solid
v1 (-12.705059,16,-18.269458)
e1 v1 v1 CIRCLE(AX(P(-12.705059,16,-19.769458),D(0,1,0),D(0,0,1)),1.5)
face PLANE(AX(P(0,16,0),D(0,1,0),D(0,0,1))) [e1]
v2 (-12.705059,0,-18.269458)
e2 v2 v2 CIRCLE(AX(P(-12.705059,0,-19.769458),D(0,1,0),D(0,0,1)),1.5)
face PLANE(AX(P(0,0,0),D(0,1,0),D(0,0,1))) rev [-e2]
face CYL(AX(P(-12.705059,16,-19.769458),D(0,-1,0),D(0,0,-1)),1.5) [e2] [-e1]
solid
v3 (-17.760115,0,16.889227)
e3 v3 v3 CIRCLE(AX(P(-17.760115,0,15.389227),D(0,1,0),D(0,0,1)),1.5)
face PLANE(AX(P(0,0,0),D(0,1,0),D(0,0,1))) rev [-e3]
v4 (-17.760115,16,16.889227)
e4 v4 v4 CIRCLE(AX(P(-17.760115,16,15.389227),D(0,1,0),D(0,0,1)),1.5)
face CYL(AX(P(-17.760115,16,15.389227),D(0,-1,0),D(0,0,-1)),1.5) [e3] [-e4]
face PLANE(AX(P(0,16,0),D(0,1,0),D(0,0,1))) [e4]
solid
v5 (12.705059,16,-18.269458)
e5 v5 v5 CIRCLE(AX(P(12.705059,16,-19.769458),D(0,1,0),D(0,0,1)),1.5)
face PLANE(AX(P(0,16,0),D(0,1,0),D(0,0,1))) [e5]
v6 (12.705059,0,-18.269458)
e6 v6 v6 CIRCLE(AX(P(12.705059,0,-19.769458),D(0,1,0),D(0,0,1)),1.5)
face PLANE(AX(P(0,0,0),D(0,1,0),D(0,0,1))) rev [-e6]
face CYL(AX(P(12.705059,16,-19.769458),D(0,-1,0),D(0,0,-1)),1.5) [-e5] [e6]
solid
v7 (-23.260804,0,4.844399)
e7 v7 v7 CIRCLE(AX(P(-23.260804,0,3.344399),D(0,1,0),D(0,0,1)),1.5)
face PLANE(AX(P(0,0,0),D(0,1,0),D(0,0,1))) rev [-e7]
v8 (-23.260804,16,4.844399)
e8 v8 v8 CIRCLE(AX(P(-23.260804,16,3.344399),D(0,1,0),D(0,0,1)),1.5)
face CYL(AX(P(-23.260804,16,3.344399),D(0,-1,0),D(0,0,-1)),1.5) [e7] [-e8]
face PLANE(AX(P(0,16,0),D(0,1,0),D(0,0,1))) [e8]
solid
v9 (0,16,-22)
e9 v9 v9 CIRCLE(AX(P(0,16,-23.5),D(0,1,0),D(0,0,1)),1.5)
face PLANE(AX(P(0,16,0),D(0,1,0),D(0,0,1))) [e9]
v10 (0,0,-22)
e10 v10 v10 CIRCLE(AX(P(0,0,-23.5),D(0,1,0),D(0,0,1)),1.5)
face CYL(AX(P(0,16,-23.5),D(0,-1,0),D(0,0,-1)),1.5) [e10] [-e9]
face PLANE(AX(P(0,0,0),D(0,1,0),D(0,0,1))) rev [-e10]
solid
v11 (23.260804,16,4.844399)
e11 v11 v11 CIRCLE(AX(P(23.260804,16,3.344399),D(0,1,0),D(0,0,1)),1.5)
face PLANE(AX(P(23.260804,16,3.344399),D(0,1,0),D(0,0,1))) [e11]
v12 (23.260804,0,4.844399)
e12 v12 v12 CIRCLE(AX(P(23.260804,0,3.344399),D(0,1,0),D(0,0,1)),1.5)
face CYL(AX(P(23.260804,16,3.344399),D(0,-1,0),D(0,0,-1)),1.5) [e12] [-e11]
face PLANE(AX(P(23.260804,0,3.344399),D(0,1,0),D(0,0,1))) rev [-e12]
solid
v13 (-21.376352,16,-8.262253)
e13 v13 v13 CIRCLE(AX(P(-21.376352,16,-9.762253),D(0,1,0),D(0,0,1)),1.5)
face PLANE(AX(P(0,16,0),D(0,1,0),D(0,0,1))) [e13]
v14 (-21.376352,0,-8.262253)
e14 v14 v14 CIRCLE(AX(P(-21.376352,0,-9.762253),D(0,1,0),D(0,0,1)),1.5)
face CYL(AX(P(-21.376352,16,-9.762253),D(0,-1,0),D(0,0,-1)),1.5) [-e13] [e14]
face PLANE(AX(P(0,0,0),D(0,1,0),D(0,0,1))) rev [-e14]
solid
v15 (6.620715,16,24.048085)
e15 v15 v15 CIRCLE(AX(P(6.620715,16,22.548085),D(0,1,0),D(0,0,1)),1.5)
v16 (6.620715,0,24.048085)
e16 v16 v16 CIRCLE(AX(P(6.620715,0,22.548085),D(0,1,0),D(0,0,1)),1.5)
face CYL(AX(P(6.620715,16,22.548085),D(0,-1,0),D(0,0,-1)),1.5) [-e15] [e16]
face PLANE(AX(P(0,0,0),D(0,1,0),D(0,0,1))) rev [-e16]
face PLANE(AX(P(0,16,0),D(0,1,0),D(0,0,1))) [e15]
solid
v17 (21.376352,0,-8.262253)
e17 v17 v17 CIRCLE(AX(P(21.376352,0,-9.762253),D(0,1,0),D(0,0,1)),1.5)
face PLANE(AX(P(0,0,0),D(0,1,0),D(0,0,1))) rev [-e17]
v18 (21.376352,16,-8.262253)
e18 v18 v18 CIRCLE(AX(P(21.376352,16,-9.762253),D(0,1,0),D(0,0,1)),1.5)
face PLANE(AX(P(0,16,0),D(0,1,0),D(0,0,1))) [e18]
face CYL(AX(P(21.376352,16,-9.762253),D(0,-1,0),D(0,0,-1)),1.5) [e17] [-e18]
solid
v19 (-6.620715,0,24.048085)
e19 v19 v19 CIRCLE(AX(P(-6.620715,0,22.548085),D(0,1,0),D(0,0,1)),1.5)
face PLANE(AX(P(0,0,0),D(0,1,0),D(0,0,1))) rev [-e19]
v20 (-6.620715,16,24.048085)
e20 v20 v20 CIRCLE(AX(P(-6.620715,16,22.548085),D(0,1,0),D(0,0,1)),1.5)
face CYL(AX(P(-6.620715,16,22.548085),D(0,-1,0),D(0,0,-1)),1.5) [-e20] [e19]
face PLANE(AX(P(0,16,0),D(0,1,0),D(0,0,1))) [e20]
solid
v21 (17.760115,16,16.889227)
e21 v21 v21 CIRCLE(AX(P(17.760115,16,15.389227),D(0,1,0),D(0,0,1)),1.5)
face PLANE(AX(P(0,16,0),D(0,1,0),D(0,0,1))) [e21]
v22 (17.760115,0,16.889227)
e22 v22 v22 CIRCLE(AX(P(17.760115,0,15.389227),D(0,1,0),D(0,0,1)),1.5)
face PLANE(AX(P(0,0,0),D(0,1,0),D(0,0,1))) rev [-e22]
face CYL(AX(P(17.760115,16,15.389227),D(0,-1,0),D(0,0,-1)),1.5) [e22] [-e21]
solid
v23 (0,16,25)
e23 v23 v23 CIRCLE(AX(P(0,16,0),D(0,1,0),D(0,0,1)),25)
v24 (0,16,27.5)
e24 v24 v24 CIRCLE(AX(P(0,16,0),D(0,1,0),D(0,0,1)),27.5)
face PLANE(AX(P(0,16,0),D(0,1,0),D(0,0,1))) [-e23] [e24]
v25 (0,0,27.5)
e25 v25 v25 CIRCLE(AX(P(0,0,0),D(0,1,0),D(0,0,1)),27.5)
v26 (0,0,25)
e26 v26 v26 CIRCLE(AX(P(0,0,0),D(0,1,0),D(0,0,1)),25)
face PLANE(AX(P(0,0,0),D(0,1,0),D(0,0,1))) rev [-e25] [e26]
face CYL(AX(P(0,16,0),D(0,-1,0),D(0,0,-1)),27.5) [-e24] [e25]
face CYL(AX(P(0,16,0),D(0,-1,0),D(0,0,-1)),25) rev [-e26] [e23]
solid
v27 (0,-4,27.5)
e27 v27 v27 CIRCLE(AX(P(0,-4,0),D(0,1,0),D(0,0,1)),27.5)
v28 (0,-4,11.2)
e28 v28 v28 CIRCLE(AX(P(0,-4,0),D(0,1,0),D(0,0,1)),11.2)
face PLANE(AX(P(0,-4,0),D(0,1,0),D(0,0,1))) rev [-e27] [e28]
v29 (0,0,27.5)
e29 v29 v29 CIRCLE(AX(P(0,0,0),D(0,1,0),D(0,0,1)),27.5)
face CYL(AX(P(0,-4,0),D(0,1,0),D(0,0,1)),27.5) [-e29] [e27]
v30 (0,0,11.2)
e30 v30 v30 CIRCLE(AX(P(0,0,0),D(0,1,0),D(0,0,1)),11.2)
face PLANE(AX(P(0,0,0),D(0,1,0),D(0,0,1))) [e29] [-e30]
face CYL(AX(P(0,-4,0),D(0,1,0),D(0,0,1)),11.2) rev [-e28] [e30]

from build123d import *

# Parameters (mm, degrees)
SKETCH1_R               = 27.5
BOSS_EXTRUDE1_DEPTH     = 16
SKETCH1_R_2             = 1.5
BOSS_EXTRUDE1_2_DEPTH   = 16
BOSS_EXTRUDE1_3_DEPTH   = 16
BOSS_EXTRUDE1_4_DEPTH   = 16
BOSS_EXTRUDE1_5_DEPTH   = 16
BOSS_EXTRUDE1_6_DEPTH   = 16
BOSS_EXTRUDE1_7_DEPTH   = 16
BOSS_EXTRUDE1_8_DEPTH   = 16
BOSS_EXTRUDE1_9_DEPTH   = 16
BOSS_EXTRUDE1_10_DEPTH  = 16
BOSS_EXTRUDE1_11_DEPTH  = 16
BOSS_EXTRUDE1_12_DEPTH  = 16
BOSS_EXTRUDE2_START     = -4
SKETCH1_3_R             = 27.5
BOSS_EXTRUDE2_DEPTH     = 4
CUT_EXTRUDE1_DEPTH      = 43.053537307
CUT_EXTRUDE1_DEPTH_BACK = 43.053537307
SKETCH1_5_R             = 11.2


with BuildPart() as part:
    # Sketch1 → Boss-Extrude1 (new body)
    with BuildSketch(Plane(origin=(0, 0, 0), x_dir=(1, 0, 0), z_dir=(0, 1, 0))):
        Circle(SKETCH1_R)
        with BuildLine():
            ThreePointArc((-13.516020393, 21.031338349), (-7.0433139, 23.987324347), (-8e-09, 25))
            ThreePointArc((-8e-09, 25), (7.043313305, 23.987324521), (13.516019362, 21.031339011))
            ThreePointArc((13.516019362, 21.031339011), (18.893738404, 16.371519451), (22.740799203, 10.385376816))
            ThreePointArc((22.740799203, 10.385376816), (24.745535808, 3.557872623), (24.745536293, -3.557869248))
            ThreePointArc((24.745536293, -3.557869248), (22.74079993, -10.385375224), (18.893738373, -16.371519486))
            ThreePointArc((18.893738373, -16.371519486), (13.5160198, -21.03133873), (7.043313913, -23.987324343))
            ThreePointArc((7.043313913, -23.987324343), (-1.26e-07, -25), (-7.043314154, -23.987324272))
            ThreePointArc((-7.043314154, -23.987324272), (-13.516020537, -21.031338256), (-18.893739356, -16.371518352))
            ThreePointArc((-18.893739356, -16.371518352), (-22.740799882, -10.38537533), (-24.745536046, -3.557870964))
            ThreePointArc((-24.745536046, -3.557870964), (-24.74553605, 3.557870939), (-22.740799896, 10.385375298))
            ThreePointArc((-22.740799896, 10.385375298), (-18.893739352, 16.371518357), (-13.516020393, 21.031338349))
        make_face(mode=Mode.SUBTRACT)
    extrude(amount=BOSS_EXTRUDE1_DEPTH)


with BuildPart() as body_2:
    # Sketch1 → Boss-Extrude1 2 (new body)
    with BuildSketch(Plane(origin=(0, 0, 0), x_dir=(1, 0, 0), z_dir=(0, 1, 0))):
        with Locations((0, 23.5)):
            Circle(SKETCH1_R_2)
    extrude(amount=BOSS_EXTRUDE1_2_DEPTH)


with BuildPart() as body_3:
    # Sketch1 → Boss-Extrude1 3 (new body)
    with BuildSketch(Plane(origin=(0, 0, 0), x_dir=(1, 0, 0), z_dir=(0, 1, 0))):
        with Locations((-12.70505921, 19.769458022)):
            Circle(SKETCH1_R_2)
    extrude(amount=BOSS_EXTRUDE1_3_DEPTH)


with BuildPart() as body_4:
    # Sketch1 → Boss-Extrude1 4 (new body)
    with BuildSketch(Plane(origin=(0, 0, 0), x_dir=(1, 0, 0), z_dir=(0, 1, 0))):
        with Locations((-21.376351891, 9.762252806)):
            Circle(SKETCH1_R_2)
    extrude(amount=BOSS_EXTRUDE1_4_DEPTH)


with BuildPart() as body_5:
    # Sketch1 → Boss-Extrude1 5 (new body)
    with BuildSketch(Plane(origin=(0, 0, 0), x_dir=(1, 0, 0), z_dir=(0, 1, 0))):
        with Locations((-23.260803884, -3.344398699)):
            Circle(SKETCH1_R_2)
    extrude(amount=BOSS_EXTRUDE1_5_DEPTH)


with BuildPart() as body_6:
    # Sketch1 → Boss-Extrude1 6 (new body)
    with BuildSketch(Plane(origin=(0, 0, 0), x_dir=(1, 0, 0), z_dir=(0, 1, 0))):
        with Locations((-17.760114997, -15.389227248)):
            Circle(SKETCH1_R_2)
    extrude(amount=BOSS_EXTRUDE1_6_DEPTH)


with BuildPart() as body_7:
    # Sketch1 → Boss-Extrude1 7 (new body)
    with BuildSketch(Plane(origin=(0, 0, 0), x_dir=(1, 0, 0), z_dir=(0, 1, 0))):
        with Locations((-6.620715086, -22.54808488)):
            Circle(SKETCH1_R_2)
    extrude(amount=BOSS_EXTRUDE1_7_DEPTH)


with BuildPart() as body_8:
    # Sketch1 → Boss-Extrude1 8 (new body)
    with BuildSketch(Plane(origin=(0, 0, 0), x_dir=(1, 0, 0), z_dir=(0, 1, 0))):
        with Locations((6.620715086, -22.54808488)):
            Circle(SKETCH1_R_2)
    extrude(amount=BOSS_EXTRUDE1_8_DEPTH)


with BuildPart() as body_9:
    # Sketch1 → Boss-Extrude1 9 (new body)
    with BuildSketch(Plane(origin=(0, 0, 0), x_dir=(1, 0, 0), z_dir=(0, 1, 0))):
        with Locations((17.760114997, -15.389227248)):
            Circle(SKETCH1_R_2)
    extrude(amount=BOSS_EXTRUDE1_9_DEPTH)


with BuildPart() as body_10:
    # Sketch1 → Boss-Extrude1 10 (new body)
    with BuildSketch(Plane(origin=(0, 0, 0), x_dir=(1, 0, 0), z_dir=(0, 1, 0))):
        with Locations((23.260803884, -3.344398699)):
            Circle(SKETCH1_R_2)
    extrude(amount=BOSS_EXTRUDE1_10_DEPTH)


with BuildPart() as body_11:
    # Sketch1 → Boss-Extrude1 11 (new body)
    with BuildSketch(Plane(origin=(0, 0, 0), x_dir=(1, 0, 0), z_dir=(0, 1, 0))):
        with Locations((21.376351891, 9.762252806)):
            Circle(SKETCH1_R_2)
    extrude(amount=BOSS_EXTRUDE1_11_DEPTH)


with BuildPart() as body_12:
    # Sketch1 → Boss-Extrude1 12 (new body)
    with BuildSketch(Plane(origin=(0, 0, 0), x_dir=(1, 0, 0), z_dir=(0, 1, 0))):
        with Locations((12.70505921, 19.769458022)):
            Circle(SKETCH1_R_2)
    extrude(amount=BOSS_EXTRUDE1_12_DEPTH)


with BuildPart() as body_13:
    # Sketch1<3> → Boss-Extrude2 (new body)
    with BuildSketch(Plane(origin=(0, 0, 0), x_dir=(1, 0, 0), z_dir=(0, 1, 0)).offset(BOSS_EXTRUDE2_START)):
        Circle(SKETCH1_3_R)
    extrude(amount=BOSS_EXTRUDE2_DEPTH)

    # Sketch1<5> → Cut-Extrude1 (cut, two sides: drawn at the far end of the back side and taken through both)
    with BuildSketch(Plane(origin=(0, 0, 0), x_dir=(1, 0, 0), z_dir=(0, 1, 0)).offset(-CUT_EXTRUDE1_DEPTH_BACK)):
        Circle(SKETCH1_5_R)
    extrude(amount=CUT_EXTRUDE1_DEPTH + CUT_EXTRUDE1_DEPTH_BACK, mode=Mode.SUBTRACT)


solid = Compound([part.part, body_2.part, body_3.part, body_4.part, body_5.part, body_6.part, body_7.part, body_8.part, body_9.part, body_10.part, body_11.part, body_12.part, body_13.part])
